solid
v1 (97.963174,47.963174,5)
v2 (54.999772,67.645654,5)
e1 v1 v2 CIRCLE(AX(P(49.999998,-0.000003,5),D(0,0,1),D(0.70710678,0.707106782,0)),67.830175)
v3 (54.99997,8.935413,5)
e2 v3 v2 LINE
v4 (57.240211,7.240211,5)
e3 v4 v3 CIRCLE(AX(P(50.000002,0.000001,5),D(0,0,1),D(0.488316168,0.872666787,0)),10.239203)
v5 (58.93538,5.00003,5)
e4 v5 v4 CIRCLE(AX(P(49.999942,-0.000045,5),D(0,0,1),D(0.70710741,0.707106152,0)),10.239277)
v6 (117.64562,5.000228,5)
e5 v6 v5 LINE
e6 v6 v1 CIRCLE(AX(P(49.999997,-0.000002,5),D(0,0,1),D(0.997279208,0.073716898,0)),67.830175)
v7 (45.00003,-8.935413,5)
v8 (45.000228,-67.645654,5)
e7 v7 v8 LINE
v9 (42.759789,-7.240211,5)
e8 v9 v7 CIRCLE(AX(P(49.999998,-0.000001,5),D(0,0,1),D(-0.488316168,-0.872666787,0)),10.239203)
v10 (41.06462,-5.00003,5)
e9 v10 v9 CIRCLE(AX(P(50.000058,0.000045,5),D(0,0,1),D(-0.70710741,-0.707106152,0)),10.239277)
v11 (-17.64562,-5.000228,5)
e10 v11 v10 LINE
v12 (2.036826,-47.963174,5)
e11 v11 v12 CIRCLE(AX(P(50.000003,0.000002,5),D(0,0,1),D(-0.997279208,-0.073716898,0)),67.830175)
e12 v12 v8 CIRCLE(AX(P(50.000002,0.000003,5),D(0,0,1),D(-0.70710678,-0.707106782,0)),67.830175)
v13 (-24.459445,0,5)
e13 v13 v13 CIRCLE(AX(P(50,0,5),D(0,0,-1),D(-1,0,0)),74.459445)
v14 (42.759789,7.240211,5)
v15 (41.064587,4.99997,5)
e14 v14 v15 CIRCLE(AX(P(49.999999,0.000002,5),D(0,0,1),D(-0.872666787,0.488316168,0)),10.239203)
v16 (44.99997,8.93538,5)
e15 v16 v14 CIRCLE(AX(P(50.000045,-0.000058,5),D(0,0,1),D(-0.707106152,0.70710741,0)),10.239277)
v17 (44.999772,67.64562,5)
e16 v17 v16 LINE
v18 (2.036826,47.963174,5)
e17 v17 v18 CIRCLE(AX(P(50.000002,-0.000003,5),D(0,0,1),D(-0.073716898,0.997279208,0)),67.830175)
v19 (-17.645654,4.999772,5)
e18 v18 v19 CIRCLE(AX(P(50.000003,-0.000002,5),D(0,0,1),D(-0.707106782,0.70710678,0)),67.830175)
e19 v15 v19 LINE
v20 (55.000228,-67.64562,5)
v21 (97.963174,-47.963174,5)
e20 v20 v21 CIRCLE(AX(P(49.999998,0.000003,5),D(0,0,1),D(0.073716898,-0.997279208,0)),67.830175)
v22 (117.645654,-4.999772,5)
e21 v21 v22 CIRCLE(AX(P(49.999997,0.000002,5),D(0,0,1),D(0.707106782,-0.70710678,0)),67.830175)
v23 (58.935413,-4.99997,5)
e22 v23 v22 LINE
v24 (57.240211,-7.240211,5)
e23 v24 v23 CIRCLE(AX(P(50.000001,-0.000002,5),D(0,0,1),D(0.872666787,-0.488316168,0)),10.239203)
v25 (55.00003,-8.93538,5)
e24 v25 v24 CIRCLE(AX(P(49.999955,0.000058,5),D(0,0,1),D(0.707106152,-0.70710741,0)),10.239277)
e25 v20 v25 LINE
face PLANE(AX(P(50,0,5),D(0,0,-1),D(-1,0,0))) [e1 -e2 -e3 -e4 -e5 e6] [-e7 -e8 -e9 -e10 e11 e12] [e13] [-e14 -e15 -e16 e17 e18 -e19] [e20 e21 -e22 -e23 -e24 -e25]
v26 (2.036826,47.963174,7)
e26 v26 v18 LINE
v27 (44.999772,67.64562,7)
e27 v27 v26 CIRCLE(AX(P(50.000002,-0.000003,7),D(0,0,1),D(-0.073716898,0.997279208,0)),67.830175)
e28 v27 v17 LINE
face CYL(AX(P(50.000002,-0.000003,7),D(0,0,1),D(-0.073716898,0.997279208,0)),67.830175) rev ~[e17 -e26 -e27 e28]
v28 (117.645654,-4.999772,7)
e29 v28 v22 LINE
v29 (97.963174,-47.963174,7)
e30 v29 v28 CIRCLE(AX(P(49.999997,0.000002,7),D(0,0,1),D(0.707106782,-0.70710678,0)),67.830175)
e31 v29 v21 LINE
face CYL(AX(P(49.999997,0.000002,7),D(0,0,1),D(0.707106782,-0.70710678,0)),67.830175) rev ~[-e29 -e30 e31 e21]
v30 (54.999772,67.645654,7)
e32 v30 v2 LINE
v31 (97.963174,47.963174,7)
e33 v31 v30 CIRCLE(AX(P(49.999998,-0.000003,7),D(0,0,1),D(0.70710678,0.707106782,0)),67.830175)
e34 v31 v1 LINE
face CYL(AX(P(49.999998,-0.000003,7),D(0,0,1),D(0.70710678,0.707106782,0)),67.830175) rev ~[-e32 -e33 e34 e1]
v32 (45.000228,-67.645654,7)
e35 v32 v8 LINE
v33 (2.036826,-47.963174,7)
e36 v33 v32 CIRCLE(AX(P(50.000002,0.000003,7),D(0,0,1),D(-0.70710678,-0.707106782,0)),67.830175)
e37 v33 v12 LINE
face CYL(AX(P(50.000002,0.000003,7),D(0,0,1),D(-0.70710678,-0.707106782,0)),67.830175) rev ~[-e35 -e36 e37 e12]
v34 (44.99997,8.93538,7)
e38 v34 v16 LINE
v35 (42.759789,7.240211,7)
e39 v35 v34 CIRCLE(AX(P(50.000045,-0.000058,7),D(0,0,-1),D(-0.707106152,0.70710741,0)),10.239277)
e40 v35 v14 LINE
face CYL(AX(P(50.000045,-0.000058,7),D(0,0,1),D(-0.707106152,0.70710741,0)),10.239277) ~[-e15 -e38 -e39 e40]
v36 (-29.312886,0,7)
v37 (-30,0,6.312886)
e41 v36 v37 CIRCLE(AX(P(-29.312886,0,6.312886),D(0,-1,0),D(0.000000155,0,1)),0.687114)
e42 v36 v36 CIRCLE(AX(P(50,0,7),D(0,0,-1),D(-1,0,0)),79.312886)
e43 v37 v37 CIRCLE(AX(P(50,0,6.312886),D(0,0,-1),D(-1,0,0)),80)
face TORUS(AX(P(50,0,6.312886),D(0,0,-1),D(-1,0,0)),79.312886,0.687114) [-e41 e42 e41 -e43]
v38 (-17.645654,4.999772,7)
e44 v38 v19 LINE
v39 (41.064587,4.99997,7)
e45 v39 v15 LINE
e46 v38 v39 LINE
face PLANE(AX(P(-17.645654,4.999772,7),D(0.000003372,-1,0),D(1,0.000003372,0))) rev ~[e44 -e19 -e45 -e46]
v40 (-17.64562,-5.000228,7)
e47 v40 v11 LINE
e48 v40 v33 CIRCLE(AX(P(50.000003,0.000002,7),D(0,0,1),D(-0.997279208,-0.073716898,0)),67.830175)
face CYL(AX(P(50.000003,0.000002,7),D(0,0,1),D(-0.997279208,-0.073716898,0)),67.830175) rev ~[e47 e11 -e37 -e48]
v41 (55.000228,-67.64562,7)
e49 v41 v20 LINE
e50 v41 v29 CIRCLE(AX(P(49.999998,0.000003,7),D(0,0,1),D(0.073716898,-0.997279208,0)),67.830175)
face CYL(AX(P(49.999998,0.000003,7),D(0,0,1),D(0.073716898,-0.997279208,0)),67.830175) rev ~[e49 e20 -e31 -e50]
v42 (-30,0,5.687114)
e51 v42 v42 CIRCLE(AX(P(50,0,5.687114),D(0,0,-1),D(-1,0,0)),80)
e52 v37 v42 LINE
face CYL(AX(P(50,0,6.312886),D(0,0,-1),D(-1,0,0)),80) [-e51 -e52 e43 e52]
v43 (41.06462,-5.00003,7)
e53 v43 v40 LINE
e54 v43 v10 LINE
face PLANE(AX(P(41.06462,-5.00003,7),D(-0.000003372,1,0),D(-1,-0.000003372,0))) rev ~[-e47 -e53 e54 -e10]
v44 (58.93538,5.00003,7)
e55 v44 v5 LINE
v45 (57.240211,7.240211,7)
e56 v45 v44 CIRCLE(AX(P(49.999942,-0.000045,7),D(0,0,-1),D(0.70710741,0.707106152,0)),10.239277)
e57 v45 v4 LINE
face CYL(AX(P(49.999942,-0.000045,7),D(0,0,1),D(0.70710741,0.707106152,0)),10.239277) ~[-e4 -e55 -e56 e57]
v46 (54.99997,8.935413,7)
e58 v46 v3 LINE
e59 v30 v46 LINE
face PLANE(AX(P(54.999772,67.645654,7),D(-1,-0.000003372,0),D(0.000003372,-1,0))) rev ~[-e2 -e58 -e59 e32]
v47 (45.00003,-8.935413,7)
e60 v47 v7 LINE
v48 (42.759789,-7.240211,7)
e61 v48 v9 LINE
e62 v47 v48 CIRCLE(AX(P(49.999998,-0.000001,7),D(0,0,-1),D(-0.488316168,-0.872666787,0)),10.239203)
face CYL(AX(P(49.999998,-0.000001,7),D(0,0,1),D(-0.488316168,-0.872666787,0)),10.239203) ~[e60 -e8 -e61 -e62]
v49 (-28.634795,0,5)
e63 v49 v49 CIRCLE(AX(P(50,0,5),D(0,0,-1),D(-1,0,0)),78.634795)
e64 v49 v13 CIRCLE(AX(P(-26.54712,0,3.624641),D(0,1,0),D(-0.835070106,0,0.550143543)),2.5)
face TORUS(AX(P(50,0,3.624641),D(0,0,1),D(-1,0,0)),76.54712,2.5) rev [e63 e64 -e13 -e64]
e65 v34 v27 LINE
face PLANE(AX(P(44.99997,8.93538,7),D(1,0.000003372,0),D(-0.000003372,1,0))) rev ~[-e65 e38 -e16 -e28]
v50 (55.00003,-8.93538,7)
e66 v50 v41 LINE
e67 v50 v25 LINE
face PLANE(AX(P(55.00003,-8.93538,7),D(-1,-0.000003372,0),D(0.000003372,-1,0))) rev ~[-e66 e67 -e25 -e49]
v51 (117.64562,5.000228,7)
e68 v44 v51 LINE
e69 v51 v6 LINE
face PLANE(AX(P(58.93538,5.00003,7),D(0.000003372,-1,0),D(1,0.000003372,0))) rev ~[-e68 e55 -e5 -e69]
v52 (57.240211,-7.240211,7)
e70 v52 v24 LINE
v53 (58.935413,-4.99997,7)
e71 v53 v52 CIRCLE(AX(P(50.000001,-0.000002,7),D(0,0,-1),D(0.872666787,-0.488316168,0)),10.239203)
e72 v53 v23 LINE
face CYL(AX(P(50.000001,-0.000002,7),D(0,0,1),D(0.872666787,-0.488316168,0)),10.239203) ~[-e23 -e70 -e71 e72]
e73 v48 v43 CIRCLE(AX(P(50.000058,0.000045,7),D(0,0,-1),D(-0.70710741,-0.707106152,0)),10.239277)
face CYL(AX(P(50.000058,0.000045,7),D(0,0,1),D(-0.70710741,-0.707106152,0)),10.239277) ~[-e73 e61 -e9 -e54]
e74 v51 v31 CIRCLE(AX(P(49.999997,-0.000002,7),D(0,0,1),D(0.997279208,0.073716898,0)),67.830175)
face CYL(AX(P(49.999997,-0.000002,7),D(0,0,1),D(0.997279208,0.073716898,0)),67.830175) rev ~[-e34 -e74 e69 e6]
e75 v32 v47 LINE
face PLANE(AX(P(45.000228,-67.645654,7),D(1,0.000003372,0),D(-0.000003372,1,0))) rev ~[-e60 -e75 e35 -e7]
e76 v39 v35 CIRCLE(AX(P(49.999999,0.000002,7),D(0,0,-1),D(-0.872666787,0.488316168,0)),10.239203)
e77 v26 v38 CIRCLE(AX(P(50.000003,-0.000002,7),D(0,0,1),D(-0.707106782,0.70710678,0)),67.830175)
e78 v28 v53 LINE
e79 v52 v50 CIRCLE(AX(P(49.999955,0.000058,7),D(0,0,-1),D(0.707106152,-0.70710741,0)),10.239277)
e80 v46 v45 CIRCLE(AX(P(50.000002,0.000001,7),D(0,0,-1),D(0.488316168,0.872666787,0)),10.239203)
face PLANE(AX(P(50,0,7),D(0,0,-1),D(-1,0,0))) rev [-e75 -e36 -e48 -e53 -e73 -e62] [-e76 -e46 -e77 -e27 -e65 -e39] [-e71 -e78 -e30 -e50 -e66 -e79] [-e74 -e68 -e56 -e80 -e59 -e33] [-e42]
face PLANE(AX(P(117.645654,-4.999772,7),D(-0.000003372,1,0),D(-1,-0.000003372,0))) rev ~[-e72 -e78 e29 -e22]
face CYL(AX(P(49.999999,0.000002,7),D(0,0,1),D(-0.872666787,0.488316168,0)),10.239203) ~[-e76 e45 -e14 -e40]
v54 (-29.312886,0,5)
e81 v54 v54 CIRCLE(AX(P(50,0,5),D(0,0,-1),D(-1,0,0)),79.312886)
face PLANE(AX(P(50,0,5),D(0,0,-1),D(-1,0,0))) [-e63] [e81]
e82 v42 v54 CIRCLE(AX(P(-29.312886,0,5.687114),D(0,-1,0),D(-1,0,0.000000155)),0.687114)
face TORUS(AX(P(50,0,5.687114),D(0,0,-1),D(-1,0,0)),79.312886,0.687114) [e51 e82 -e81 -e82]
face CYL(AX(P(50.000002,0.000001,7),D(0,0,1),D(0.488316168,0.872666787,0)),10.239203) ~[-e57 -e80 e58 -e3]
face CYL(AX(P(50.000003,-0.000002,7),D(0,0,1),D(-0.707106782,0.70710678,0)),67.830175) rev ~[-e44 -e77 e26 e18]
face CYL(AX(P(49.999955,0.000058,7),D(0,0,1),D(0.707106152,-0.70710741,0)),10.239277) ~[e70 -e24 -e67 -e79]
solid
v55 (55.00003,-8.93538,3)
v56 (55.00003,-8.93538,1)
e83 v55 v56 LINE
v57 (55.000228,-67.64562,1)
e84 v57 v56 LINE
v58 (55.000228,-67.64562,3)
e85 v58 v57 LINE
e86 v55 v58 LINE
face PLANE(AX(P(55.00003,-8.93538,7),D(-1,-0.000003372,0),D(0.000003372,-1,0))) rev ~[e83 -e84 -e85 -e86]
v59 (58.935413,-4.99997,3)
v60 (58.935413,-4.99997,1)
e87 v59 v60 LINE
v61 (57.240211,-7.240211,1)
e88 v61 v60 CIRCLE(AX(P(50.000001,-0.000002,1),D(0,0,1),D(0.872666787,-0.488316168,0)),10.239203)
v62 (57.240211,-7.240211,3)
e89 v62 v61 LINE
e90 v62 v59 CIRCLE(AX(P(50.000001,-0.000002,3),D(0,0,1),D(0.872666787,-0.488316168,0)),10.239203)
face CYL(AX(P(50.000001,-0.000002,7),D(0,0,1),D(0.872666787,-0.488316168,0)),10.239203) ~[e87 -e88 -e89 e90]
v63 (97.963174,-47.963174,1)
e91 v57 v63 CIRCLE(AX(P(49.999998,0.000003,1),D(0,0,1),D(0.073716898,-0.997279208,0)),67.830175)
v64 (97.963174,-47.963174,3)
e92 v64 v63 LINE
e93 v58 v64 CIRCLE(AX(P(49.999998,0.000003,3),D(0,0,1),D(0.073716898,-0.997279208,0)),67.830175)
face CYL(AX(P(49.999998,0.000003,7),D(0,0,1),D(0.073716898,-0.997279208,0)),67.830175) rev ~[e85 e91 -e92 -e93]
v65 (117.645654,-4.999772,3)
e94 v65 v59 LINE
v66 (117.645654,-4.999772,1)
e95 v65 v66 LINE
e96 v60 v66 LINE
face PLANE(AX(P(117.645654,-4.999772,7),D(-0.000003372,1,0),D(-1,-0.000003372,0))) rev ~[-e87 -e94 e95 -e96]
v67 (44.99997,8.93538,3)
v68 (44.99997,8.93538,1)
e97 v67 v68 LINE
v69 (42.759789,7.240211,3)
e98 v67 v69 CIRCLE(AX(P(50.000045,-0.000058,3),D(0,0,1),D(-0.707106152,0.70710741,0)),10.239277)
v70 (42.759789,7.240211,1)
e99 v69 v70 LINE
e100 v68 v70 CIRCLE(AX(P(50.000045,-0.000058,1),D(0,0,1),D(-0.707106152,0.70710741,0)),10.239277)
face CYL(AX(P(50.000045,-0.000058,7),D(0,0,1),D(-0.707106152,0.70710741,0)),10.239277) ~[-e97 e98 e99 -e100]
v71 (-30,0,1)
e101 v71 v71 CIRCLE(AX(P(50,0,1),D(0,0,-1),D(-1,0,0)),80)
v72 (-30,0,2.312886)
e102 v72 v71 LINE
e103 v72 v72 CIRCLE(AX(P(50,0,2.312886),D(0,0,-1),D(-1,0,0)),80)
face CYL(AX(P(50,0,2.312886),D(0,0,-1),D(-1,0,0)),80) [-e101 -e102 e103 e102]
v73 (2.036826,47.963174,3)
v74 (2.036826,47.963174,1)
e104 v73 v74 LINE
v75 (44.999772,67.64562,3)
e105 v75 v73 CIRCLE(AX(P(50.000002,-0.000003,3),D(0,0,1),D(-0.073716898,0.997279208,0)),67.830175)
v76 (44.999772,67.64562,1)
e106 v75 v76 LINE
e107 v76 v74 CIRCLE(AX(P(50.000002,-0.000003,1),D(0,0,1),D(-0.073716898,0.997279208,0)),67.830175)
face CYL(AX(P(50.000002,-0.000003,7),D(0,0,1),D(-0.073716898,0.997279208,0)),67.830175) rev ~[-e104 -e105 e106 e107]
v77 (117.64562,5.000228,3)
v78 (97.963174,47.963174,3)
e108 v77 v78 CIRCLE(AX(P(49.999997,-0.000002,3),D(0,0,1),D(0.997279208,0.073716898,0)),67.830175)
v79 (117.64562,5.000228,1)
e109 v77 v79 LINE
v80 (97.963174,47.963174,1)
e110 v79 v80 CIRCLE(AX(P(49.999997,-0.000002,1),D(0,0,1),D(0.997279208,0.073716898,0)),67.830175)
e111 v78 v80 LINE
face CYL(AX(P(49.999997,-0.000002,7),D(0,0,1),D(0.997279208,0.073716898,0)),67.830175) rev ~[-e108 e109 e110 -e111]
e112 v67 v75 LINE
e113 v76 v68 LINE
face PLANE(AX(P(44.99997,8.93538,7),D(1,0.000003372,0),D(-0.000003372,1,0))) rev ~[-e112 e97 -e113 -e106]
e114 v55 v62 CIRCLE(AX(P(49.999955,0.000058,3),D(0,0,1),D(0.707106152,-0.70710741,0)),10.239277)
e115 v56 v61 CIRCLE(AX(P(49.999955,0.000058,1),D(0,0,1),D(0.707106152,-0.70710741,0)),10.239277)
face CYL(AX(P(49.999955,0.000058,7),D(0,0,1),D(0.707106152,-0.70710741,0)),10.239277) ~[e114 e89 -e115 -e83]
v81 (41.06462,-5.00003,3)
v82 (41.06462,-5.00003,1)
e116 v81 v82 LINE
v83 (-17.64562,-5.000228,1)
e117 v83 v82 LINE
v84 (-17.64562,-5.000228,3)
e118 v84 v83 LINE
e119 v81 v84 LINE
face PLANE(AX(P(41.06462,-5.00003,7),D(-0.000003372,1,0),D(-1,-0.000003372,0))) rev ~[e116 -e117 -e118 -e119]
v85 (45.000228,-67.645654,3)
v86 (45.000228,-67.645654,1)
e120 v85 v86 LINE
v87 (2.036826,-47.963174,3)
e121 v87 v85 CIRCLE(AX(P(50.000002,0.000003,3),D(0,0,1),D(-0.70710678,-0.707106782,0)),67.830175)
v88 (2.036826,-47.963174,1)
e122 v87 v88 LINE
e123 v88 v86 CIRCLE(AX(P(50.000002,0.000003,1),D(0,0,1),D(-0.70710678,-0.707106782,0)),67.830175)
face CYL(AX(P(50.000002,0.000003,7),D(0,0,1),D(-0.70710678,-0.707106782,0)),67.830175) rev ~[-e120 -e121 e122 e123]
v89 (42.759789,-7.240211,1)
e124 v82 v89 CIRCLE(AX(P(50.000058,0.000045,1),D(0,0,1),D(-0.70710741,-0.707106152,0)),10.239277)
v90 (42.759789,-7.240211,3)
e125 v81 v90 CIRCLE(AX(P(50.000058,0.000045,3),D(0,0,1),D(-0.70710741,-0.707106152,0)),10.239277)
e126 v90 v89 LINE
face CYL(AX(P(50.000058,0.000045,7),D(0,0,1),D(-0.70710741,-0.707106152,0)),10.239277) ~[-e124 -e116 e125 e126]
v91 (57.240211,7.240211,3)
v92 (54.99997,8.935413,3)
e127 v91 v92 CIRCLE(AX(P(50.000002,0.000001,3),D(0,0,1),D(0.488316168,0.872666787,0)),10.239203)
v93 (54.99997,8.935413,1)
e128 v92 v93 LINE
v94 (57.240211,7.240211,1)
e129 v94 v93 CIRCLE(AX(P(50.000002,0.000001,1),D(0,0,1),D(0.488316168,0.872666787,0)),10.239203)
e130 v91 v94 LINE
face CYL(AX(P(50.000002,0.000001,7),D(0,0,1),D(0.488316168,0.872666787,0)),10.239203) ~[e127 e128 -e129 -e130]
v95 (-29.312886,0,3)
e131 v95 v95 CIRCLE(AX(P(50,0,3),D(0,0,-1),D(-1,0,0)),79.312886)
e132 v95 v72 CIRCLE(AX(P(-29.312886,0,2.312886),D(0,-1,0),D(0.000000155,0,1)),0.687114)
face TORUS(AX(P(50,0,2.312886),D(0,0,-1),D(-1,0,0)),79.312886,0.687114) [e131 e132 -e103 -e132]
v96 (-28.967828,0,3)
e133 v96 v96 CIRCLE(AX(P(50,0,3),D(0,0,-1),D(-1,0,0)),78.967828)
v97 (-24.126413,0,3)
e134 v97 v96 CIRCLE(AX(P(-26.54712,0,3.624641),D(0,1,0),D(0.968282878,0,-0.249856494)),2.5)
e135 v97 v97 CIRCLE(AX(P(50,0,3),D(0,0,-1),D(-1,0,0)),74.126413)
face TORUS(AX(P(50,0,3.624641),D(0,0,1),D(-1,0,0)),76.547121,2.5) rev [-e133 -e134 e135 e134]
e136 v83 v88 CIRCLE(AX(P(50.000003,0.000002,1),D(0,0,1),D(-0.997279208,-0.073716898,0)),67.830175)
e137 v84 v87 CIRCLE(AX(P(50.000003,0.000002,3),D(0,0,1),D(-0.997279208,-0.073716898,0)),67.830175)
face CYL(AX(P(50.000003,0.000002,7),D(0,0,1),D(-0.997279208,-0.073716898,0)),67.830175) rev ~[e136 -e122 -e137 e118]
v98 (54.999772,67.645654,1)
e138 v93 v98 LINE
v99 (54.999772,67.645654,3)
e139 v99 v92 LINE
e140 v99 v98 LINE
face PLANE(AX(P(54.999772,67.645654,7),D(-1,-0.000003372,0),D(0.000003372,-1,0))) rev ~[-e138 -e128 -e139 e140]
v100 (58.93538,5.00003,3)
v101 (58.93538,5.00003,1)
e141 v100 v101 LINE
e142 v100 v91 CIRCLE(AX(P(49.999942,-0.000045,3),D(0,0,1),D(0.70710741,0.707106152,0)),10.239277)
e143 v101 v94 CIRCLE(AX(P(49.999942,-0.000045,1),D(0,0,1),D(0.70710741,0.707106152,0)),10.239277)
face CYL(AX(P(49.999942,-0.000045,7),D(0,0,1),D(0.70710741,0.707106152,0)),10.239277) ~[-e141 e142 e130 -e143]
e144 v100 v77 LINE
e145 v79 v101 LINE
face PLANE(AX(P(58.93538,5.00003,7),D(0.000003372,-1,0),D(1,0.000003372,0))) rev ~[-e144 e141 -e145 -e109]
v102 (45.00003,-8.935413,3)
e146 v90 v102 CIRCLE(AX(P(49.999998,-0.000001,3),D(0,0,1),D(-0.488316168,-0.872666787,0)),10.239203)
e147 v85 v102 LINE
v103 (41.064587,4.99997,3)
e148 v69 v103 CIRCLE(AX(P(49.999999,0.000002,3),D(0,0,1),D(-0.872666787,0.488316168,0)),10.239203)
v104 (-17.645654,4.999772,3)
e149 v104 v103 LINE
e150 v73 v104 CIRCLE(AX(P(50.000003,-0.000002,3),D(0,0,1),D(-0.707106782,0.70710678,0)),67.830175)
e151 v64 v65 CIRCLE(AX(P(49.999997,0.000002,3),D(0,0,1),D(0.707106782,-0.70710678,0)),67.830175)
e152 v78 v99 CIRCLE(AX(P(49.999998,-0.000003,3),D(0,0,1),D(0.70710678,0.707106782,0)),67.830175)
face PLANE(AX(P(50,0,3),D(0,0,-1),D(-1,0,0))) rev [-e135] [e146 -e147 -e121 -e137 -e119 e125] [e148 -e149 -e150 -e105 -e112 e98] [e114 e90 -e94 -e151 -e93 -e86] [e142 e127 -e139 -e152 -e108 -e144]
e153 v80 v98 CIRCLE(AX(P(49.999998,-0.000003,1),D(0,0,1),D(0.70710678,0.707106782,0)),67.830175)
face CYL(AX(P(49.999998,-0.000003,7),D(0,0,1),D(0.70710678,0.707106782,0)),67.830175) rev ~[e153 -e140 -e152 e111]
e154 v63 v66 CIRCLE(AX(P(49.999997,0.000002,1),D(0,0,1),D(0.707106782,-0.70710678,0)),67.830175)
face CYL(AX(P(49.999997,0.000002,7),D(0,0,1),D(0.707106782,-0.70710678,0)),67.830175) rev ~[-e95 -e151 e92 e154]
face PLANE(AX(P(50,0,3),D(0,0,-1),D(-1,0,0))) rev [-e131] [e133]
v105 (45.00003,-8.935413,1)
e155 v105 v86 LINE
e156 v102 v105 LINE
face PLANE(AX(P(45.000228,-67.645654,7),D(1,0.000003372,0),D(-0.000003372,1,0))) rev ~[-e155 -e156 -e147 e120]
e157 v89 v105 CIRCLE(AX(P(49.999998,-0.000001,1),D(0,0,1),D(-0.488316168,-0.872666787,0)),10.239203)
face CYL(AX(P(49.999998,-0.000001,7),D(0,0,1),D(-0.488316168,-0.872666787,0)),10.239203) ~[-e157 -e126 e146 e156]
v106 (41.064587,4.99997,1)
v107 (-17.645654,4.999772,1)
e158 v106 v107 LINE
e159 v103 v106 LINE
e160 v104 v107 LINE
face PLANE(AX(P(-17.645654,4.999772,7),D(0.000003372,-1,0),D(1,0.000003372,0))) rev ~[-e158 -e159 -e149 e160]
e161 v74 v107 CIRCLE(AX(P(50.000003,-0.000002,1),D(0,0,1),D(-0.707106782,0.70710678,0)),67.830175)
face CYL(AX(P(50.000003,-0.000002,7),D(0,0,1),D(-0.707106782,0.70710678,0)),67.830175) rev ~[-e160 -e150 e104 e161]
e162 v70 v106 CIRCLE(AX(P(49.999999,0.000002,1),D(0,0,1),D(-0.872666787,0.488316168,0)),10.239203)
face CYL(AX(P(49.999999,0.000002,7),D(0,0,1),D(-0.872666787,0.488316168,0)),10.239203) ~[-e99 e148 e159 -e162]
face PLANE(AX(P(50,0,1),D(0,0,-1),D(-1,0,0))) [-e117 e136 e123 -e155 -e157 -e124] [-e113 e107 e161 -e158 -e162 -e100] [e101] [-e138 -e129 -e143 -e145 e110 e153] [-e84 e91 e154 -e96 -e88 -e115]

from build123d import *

# Parameters (mm, degrees)
F3_DEPTH = 6.001


with BuildPart() as f1:
    # F0 (on Front) → F1 (revolve)
    with BuildSketch(Plane.XZ):
        with BuildLine():
            Line((-28.967828, 3), (-29.312886, 3))
            ThreePointArc((-29.312886, 3), (-29.798749, 2.798749), (-30, 2.312886))
            Line((-30, 2.312886), (-30, 1))
            Line((-30, 1), (50, 1))
            Line((50, 1), (50, 3))
            Line((50, 3), (0, 3))
            Line((0, 3), (-24.126413, 3))
            ThreePointArc((-24.126413, 3), (-26.54712, 1.124641), (-28.967828, 3))
        make_face()
        with BuildLine():
            ThreePointArc((-30, 5.687114), (-29.798749, 5.201251), (-29.312886, 5))
            Line((-29.312886, 5), (-28.634795, 5))
            ThreePointArc((-28.634795, 5), (-26.54712, 6.124641), (-24.459445, 5))
            Line((-24.459445, 5), (50, 5))
            Line((50, 5), (50, 7))
            Line((50, 7), (-29.312886, 7))
            ThreePointArc((-29.312886, 7), (-29.798749, 6.798749), (-30, 6.312886))
            Line((-30, 6.312886), (-30, 5.687114))
        make_face()
    revolve(axis=Axis((50, 0, 2), (0, 0, -1)))

    # F2 (on face) → F3 (cut, through all)
    with BuildSketch(Plane.XY.offset(7)):
        with BuildLine():
            Line((58.93538, 5.00003), (117.64562, 5.000228))
            ThreePointArc((117.64562, 5.000228), (111.666863, 28.251197), (97.963174, 47.963174))
            Line((97.963174, 47.963174), (57.240211, 7.240211))
            ThreePointArc((57.240211, 7.240211), (58.164988, 6.178533), (58.93538, 5.00003))
        make_face()
        with BuildLine():
            Line((57.240211, 7.240211), (97.963174, 47.963174))
            ThreePointArc((97.963174, 47.963174), (78.25099, 61.666958), (54.999772, 67.645654))
            Line((54.999772, 67.645654), (54.99997, 8.935413))
            ThreePointArc((54.99997, 8.935413), (56.178506, 8.165009), (57.240211, 7.240211))
        make_face()
        with BuildLine():
            Line((44.99997, 8.93538), (44.999772, 67.64562))
            ThreePointArc((44.999772, 67.64562), (21.748803, 61.666863), (2.036826, 47.963174))
            Line((2.036826, 47.963174), (42.759789, 7.240211))
            ThreePointArc((42.759789, 7.240211), (43.821467, 8.164988), (44.99997, 8.93538))
        make_face()
        with BuildLine():
            Line((42.759789, 7.240211), (2.036826, 47.963174))
            ThreePointArc((2.036826, 47.963174), (-11.666958, 28.25099), (-17.645654, 4.999772))
            Line((-17.645654, 4.999772), (41.064587, 4.99997))
            ThreePointArc((41.064587, 4.99997), (41.834991, 6.178506), (42.759789, 7.240211))
        make_face()
        with BuildLine():
            ThreePointArc((-17.64562, -5.000228), (-11.666863, -28.251197), (2.036826, -47.963174))
            Line((2.036826, -47.963174), (42.759789, -7.240211))
            ThreePointArc((42.759789, -7.240211), (41.835012, -6.178533), (41.06462, -5.00003))
            Line((41.06462, -5.00003), (-17.64562, -5.000228))
        make_face()
        with BuildLine():
            ThreePointArc((2.036826, -47.963174), (21.74901, -61.666958), (45.000228, -67.645654))
            Line((45.000228, -67.645654), (45.00003, -8.935413))
            ThreePointArc((45.00003, -8.935413), (43.821494, -8.165009), (42.759789, -7.240211))
            Line((42.759789, -7.240211), (2.036826, -47.963174))
        make_face()
        with BuildLine():
            ThreePointArc((55.000228, -67.64562), (78.251197, -61.666863), (97.963174, -47.963174))
            Line((97.963174, -47.963174), (57.240211, -7.240211))
            ThreePointArc((57.240211, -7.240211), (56.178533, -8.164988), (55.00003, -8.93538))
            Line((55.00003, -8.93538), (55.000228, -67.64562))
        make_face()
        with BuildLine():
            ThreePointArc((97.963174, -47.963174), (111.666958, -28.25099), (117.645654, -4.999772))
            Line((117.645654, -4.999772), (58.935413, -4.99997))
            ThreePointArc((58.935413, -4.99997), (58.165009, -6.178506), (57.240211, -7.240211))
            Line((57.240211, -7.240211), (97.963174, -47.963174))
        make_face()
    extrude(amount=-F3_DEPTH, mode=Mode.SUBTRACT)


solid = f1.part
